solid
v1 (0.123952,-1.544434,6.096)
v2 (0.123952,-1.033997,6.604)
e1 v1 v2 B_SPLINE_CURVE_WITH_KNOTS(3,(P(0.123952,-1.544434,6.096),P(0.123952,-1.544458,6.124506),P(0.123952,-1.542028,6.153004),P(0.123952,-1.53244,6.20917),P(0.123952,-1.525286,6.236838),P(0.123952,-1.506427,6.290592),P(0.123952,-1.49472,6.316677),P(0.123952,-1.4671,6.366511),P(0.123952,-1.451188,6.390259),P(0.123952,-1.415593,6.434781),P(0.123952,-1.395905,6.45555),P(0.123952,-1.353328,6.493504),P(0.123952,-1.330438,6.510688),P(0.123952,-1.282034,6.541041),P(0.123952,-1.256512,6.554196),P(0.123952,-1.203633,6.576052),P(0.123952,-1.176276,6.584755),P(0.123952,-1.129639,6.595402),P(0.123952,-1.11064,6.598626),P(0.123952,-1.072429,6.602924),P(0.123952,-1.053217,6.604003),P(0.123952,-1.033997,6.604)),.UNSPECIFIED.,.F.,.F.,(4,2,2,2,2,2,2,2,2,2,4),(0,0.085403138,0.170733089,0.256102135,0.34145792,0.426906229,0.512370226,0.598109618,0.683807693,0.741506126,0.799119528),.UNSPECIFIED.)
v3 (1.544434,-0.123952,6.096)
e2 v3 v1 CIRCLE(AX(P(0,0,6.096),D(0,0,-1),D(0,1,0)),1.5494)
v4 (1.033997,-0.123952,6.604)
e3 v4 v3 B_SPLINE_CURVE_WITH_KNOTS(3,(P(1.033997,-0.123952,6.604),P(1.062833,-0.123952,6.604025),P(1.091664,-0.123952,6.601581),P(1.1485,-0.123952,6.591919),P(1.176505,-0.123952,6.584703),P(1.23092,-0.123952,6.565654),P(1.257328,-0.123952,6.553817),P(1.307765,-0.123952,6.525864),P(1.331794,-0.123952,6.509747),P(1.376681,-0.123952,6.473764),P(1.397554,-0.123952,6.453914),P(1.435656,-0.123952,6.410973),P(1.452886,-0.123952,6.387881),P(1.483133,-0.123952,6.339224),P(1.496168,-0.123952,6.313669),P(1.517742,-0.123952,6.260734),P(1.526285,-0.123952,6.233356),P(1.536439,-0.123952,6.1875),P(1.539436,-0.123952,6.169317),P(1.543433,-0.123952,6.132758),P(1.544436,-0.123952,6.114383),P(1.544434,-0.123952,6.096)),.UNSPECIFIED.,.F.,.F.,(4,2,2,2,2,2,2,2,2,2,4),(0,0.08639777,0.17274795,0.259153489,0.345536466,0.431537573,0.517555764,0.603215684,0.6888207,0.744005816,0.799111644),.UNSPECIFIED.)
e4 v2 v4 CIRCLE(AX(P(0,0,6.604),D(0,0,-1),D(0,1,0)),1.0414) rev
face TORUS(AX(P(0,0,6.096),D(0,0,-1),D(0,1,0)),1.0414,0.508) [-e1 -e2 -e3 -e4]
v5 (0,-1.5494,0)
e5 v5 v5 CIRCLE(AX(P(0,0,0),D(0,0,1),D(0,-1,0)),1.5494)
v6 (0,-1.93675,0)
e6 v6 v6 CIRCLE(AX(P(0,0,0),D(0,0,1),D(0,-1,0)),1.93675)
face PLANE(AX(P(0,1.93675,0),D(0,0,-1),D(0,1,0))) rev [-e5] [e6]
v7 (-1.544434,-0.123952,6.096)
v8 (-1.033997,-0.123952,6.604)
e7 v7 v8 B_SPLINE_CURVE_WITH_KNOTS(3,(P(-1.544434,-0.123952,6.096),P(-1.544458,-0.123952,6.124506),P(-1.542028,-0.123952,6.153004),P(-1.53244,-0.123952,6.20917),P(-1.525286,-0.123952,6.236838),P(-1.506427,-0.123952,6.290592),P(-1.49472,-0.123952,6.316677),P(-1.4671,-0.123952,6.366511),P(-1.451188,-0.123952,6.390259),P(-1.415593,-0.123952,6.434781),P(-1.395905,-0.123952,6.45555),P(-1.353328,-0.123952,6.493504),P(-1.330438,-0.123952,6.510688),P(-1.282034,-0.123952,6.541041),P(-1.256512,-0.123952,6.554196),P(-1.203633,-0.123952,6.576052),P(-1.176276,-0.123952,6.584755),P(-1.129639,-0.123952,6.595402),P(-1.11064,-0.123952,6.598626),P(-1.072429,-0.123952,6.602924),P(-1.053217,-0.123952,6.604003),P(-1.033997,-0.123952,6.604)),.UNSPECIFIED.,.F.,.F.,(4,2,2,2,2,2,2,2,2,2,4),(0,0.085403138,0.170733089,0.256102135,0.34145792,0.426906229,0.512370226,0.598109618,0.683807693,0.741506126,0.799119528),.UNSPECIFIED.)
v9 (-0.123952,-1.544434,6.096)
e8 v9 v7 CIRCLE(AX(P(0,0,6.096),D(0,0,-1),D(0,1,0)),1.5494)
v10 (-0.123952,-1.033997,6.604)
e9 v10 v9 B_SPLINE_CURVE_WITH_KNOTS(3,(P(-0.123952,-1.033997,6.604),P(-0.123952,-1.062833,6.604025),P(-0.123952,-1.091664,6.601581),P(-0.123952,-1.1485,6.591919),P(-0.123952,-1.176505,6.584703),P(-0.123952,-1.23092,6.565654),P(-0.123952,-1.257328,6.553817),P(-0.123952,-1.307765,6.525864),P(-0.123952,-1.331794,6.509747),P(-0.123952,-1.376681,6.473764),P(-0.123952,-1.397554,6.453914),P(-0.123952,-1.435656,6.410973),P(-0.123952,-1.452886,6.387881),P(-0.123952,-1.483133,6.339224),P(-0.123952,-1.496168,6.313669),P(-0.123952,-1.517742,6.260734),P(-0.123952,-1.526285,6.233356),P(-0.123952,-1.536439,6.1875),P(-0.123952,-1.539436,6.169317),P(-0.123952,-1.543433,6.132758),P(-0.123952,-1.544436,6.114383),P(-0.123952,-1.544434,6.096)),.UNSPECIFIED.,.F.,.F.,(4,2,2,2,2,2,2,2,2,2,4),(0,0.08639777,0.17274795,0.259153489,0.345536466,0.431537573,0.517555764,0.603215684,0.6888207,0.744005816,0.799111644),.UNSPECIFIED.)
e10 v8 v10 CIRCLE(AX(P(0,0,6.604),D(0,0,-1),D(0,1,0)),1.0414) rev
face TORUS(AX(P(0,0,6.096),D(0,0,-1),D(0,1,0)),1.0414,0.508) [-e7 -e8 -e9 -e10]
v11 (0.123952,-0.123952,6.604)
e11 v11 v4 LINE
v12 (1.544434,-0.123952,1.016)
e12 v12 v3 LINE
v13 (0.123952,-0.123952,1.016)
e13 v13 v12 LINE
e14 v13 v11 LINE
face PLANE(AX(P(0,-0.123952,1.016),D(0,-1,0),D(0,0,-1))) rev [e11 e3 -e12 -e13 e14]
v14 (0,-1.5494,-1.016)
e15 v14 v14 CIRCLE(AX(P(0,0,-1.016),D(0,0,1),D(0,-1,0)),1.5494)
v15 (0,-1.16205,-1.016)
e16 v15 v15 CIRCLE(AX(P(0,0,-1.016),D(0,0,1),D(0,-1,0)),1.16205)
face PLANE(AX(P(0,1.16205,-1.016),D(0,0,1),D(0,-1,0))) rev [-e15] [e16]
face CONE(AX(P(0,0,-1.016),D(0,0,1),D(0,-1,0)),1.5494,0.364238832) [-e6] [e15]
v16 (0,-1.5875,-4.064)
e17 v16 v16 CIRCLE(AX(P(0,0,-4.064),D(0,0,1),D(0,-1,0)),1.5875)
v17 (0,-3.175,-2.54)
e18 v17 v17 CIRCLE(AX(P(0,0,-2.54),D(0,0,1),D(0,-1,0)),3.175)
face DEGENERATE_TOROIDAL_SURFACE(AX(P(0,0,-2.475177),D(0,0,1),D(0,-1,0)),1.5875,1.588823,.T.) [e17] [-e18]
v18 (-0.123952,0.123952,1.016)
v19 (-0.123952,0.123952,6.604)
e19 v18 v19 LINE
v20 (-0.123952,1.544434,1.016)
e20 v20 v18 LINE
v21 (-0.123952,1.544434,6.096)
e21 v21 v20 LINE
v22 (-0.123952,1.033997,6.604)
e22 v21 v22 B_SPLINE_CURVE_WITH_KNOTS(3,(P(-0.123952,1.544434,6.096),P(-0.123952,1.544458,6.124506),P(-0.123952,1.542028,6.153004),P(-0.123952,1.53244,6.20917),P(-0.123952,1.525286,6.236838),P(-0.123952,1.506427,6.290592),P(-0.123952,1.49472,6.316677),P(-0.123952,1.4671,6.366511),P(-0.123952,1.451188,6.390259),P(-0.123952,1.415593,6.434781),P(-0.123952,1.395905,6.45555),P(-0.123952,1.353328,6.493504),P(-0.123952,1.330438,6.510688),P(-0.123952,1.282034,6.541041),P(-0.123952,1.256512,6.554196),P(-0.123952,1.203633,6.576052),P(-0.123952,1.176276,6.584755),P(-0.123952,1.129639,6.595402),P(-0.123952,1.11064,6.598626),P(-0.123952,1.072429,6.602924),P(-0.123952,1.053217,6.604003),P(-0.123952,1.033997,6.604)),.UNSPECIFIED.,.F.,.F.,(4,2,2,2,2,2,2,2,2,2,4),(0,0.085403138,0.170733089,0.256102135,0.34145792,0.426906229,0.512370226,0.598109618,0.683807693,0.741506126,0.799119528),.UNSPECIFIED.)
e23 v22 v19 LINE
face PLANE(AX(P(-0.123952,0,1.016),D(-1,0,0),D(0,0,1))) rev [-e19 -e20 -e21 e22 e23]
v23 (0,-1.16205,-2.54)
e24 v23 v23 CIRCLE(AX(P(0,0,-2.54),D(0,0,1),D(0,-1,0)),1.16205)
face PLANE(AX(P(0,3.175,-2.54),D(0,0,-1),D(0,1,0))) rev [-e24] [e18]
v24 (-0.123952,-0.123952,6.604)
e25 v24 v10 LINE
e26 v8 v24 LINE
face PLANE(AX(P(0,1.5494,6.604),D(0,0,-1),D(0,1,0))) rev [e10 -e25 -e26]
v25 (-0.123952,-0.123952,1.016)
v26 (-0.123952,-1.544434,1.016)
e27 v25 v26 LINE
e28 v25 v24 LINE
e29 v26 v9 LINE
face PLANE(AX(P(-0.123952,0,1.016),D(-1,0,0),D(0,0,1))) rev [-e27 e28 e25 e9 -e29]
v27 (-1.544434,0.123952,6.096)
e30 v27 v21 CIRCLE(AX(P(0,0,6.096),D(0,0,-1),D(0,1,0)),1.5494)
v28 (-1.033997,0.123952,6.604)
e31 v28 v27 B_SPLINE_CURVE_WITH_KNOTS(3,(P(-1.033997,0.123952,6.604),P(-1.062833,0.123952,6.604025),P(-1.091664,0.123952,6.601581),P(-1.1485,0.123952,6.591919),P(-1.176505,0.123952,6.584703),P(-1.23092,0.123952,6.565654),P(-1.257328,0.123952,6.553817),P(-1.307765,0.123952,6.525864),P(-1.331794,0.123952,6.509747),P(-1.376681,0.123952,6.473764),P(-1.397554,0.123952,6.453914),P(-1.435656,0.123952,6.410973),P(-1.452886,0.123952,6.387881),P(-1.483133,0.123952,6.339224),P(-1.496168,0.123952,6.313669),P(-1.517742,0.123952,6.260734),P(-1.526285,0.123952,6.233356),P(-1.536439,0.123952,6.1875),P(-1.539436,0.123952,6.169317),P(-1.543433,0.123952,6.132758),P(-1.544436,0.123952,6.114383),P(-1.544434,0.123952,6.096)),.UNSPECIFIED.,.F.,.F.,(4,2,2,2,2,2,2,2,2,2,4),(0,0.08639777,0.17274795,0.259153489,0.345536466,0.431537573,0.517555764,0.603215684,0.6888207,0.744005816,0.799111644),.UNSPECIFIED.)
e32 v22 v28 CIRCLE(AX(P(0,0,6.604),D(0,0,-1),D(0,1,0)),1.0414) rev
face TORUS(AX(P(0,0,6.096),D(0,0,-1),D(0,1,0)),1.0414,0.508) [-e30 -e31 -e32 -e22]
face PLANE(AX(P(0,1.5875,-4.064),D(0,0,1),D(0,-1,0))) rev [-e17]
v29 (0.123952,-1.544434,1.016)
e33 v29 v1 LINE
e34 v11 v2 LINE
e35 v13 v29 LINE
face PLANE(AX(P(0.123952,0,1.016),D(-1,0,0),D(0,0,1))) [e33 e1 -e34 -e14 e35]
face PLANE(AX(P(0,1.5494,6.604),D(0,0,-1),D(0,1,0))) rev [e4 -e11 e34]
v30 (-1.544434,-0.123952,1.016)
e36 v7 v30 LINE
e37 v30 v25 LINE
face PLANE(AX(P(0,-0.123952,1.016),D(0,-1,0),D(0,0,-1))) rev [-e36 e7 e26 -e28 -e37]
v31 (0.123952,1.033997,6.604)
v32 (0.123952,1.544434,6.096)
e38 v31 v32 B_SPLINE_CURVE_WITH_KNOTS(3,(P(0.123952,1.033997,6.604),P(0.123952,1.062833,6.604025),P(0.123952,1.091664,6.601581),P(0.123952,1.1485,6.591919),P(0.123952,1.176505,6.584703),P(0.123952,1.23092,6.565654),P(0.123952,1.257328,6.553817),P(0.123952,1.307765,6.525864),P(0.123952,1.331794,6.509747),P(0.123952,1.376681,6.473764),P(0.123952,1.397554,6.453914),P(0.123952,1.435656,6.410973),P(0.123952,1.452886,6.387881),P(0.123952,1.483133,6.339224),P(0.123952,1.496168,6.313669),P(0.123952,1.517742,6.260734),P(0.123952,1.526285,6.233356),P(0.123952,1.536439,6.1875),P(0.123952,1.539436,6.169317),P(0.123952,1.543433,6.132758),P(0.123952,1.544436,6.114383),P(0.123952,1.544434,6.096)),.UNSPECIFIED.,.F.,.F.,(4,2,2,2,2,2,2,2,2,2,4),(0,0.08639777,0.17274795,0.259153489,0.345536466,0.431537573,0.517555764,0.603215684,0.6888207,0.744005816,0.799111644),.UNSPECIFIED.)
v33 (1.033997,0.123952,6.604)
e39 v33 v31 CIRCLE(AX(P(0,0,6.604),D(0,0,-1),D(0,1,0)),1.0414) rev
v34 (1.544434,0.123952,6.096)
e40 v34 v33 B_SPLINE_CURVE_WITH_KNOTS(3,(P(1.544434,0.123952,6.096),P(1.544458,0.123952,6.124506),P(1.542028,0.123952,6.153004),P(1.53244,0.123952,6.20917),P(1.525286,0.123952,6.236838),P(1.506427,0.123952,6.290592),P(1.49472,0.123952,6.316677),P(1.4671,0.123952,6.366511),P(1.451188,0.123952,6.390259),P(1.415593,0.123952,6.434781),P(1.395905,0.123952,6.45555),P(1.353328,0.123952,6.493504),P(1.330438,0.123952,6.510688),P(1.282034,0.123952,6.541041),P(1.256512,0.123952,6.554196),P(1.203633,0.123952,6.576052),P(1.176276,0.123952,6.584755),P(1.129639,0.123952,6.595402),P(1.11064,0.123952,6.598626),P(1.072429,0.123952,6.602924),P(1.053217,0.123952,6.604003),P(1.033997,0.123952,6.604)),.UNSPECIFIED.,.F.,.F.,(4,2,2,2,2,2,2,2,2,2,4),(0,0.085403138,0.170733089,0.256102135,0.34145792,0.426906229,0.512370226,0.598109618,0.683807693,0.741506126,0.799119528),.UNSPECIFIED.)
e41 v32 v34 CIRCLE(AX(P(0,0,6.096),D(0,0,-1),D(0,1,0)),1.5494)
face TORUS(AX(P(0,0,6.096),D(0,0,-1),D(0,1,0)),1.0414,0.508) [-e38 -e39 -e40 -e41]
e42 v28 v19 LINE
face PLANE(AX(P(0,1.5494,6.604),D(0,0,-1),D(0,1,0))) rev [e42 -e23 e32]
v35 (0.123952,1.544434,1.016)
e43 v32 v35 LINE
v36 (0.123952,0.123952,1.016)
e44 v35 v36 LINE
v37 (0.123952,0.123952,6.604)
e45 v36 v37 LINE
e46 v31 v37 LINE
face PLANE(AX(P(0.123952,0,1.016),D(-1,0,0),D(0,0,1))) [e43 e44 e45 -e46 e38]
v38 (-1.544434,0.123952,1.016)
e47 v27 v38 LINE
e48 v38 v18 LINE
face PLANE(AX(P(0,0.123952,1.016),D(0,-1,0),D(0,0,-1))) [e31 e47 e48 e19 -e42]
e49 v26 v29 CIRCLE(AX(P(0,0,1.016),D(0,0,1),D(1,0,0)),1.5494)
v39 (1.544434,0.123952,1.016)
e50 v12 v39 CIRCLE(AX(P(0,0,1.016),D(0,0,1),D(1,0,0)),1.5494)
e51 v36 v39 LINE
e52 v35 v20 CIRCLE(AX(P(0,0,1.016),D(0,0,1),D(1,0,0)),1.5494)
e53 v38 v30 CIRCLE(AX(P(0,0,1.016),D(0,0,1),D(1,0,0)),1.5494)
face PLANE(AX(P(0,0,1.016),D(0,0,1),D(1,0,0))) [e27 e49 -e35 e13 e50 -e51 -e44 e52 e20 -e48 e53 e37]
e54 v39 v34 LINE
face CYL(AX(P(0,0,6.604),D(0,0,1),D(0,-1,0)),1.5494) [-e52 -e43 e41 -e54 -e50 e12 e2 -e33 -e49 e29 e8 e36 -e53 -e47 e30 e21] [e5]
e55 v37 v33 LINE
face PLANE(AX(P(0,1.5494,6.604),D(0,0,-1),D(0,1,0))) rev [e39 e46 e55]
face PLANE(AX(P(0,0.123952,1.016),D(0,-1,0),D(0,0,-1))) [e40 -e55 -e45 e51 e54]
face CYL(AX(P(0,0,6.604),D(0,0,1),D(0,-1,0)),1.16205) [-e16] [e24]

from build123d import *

# Parameters (mm, degrees)
SKETCH3_W          = 0.247904
SKETCH3_H          = 0.247904
CUT_EXTRUDE1_DEPTH = 5.588
FILLET1_R          = 0.508


with BuildPart() as part:
    # Sketch2 → Revolve1 (revolve)
    with BuildSketch(Plane(origin=(0, 0, 0), x_dir=(0, 0, -1), z_dir=(1, 0, 0))):
        with BuildLine():
            Line((2.54, 3.175), (2.54, 1.16205))
            Line((2.54, 1.16205), (1.016, 1.16205))
            Line((1.016, 1.16205), (1.016, 1.5494))
            Line((1.016, 1.5494), (0, 1.93675))
            Line((0, 1.93675), (0, 1.5494))
            Line((0, 1.5494), (-6.604, 1.5494))
            Line((-6.604, 1.5494), (-6.604, 0))
            Line((-6.604, 0), (4.064, 0))
            Line((4.064, 0), (4.064, 1.5875))
            ThreePointArc((4.064, 1.5875), (3.621333791, 2.687810439), (2.54, 3.175))
        make_face()
    revolve(axis=Axis((0, 0, 6.604), (0, 0, -1)))

    # Sketch3 → Cut-Extrude1 (cut)
    with BuildSketch(Plane.XY.offset(6.604)):
        with BuildLine():
            Line((0.123952, 3.172579534), (-0.123952, 3.172579534))
            Line((-0.123952, 3.172579534), (-0.123952, 1.544433962))
            ThreePointArc((-0.123952, 1.544433962), (0, 1.5494), (0.123952, 1.544433962))
            Line((0.123952, 1.544433962), (0.123952, 3.172579534))
        make_face()
        with BuildLine():
            ThreePointArc((0.123952, 1.544433962), (0, 1.5494), (-0.123952, 1.544433962))
            Line((-0.123952, 1.544433962), (-0.123952, 0.123952))
            Line((-0.123952, 0.123952), (0.123952, 0.123952))
            Line((0.123952, 0.123952), (0.123952, 1.544433962))
        make_face()
        with BuildLine():
            ThreePointArc((-1.544433962, -0.123952), (-1.5494, 0), (-1.544433962, 0.123952))
            Line((-1.544433962, 0.123952), (-3.172579534, 0.123952))
            Line((-3.172579534, 0.123952), (-3.172579534, -0.123952))
            Line((-3.172579534, -0.123952), (-1.544433962, -0.123952))
        make_face()
        with BuildLine():
            Line((3.172579534, 0.123952), (1.544433962, 0.123952))
            ThreePointArc((1.544433962, 0.123952), (1.548157993, 0.06202572), (1.5494, 0))
            ThreePointArc((1.5494, 0), (1.548157993, -0.06202572), (1.544433962, -0.123952))
            Line((1.544433962, -0.123952), (3.172579534, -0.123952))
            Line((3.172579534, -0.123952), (3.172579534, 0.123952))
        make_face()
        with BuildLine():
            Line((0.123952, -0.123952), (-0.123952, -0.123952))
            Line((-0.123952, -0.123952), (-0.123952, -1.544433962))
            ThreePointArc((-0.123952, -1.544433962), (0, -1.5494), (0.123952, -1.544433962))
            Line((0.123952, -1.544433962), (0.123952, -0.123952))
        make_face()
        with BuildLine():
            Line((1.544433962, 0.123952), (0.123952, 0.123952))
            Line((0.123952, 0.123952), (0.123952, -0.123952))
            Line((0.123952, -0.123952), (1.544433962, -0.123952))
            ThreePointArc((1.544433962, -0.123952), (1.548157993, -0.06202572), (1.5494, 0))
            ThreePointArc((1.5494, 0), (1.548157993, 0.06202572), (1.544433962, 0.123952))
        make_face()
        with BuildLine():
            Line((-0.123952, -0.123952), (-0.123952, 0.123952))
            Line((-0.123952, 0.123952), (-1.544433962, 0.123952))
            ThreePointArc((-1.544433962, 0.123952), (-1.5494, 0), (-1.544433962, -0.123952))
            Line((-1.544433962, -0.123952), (-0.123952, -0.123952))
        make_face()
        Rectangle(SKETCH3_W, SKETCH3_H)
        with BuildLine():
            ThreePointArc((0.123952, -1.544433962), (0, -1.5494), (-0.123952, -1.544433962))
            Line((-0.123952, -1.544433962), (-0.123952, -3.172579534))
            Line((-0.123952, -3.172579534), (0.123952, -3.172579534))
            Line((0.123952, -3.172579534), (0.123952, -1.544433962))
        make_face()
    extrude(amount=-CUT_EXTRUDE1_DEPTH, mode=Mode.SUBTRACT)

    # Fillet1
    fillet1_edges = [part.edges().sort_by_distance(p)[0] for p in [
        (1.095591247, -1.095591247, 6.604),
        (1.095591247, 1.095591247, 6.604),
        (-1.095591247, 1.095591247, 6.604),
        (-1.095591247, -1.095591247, 6.604),
    ]]
    fillet(fillet1_edges, radius=FILLET1_R)


solid = part.part
